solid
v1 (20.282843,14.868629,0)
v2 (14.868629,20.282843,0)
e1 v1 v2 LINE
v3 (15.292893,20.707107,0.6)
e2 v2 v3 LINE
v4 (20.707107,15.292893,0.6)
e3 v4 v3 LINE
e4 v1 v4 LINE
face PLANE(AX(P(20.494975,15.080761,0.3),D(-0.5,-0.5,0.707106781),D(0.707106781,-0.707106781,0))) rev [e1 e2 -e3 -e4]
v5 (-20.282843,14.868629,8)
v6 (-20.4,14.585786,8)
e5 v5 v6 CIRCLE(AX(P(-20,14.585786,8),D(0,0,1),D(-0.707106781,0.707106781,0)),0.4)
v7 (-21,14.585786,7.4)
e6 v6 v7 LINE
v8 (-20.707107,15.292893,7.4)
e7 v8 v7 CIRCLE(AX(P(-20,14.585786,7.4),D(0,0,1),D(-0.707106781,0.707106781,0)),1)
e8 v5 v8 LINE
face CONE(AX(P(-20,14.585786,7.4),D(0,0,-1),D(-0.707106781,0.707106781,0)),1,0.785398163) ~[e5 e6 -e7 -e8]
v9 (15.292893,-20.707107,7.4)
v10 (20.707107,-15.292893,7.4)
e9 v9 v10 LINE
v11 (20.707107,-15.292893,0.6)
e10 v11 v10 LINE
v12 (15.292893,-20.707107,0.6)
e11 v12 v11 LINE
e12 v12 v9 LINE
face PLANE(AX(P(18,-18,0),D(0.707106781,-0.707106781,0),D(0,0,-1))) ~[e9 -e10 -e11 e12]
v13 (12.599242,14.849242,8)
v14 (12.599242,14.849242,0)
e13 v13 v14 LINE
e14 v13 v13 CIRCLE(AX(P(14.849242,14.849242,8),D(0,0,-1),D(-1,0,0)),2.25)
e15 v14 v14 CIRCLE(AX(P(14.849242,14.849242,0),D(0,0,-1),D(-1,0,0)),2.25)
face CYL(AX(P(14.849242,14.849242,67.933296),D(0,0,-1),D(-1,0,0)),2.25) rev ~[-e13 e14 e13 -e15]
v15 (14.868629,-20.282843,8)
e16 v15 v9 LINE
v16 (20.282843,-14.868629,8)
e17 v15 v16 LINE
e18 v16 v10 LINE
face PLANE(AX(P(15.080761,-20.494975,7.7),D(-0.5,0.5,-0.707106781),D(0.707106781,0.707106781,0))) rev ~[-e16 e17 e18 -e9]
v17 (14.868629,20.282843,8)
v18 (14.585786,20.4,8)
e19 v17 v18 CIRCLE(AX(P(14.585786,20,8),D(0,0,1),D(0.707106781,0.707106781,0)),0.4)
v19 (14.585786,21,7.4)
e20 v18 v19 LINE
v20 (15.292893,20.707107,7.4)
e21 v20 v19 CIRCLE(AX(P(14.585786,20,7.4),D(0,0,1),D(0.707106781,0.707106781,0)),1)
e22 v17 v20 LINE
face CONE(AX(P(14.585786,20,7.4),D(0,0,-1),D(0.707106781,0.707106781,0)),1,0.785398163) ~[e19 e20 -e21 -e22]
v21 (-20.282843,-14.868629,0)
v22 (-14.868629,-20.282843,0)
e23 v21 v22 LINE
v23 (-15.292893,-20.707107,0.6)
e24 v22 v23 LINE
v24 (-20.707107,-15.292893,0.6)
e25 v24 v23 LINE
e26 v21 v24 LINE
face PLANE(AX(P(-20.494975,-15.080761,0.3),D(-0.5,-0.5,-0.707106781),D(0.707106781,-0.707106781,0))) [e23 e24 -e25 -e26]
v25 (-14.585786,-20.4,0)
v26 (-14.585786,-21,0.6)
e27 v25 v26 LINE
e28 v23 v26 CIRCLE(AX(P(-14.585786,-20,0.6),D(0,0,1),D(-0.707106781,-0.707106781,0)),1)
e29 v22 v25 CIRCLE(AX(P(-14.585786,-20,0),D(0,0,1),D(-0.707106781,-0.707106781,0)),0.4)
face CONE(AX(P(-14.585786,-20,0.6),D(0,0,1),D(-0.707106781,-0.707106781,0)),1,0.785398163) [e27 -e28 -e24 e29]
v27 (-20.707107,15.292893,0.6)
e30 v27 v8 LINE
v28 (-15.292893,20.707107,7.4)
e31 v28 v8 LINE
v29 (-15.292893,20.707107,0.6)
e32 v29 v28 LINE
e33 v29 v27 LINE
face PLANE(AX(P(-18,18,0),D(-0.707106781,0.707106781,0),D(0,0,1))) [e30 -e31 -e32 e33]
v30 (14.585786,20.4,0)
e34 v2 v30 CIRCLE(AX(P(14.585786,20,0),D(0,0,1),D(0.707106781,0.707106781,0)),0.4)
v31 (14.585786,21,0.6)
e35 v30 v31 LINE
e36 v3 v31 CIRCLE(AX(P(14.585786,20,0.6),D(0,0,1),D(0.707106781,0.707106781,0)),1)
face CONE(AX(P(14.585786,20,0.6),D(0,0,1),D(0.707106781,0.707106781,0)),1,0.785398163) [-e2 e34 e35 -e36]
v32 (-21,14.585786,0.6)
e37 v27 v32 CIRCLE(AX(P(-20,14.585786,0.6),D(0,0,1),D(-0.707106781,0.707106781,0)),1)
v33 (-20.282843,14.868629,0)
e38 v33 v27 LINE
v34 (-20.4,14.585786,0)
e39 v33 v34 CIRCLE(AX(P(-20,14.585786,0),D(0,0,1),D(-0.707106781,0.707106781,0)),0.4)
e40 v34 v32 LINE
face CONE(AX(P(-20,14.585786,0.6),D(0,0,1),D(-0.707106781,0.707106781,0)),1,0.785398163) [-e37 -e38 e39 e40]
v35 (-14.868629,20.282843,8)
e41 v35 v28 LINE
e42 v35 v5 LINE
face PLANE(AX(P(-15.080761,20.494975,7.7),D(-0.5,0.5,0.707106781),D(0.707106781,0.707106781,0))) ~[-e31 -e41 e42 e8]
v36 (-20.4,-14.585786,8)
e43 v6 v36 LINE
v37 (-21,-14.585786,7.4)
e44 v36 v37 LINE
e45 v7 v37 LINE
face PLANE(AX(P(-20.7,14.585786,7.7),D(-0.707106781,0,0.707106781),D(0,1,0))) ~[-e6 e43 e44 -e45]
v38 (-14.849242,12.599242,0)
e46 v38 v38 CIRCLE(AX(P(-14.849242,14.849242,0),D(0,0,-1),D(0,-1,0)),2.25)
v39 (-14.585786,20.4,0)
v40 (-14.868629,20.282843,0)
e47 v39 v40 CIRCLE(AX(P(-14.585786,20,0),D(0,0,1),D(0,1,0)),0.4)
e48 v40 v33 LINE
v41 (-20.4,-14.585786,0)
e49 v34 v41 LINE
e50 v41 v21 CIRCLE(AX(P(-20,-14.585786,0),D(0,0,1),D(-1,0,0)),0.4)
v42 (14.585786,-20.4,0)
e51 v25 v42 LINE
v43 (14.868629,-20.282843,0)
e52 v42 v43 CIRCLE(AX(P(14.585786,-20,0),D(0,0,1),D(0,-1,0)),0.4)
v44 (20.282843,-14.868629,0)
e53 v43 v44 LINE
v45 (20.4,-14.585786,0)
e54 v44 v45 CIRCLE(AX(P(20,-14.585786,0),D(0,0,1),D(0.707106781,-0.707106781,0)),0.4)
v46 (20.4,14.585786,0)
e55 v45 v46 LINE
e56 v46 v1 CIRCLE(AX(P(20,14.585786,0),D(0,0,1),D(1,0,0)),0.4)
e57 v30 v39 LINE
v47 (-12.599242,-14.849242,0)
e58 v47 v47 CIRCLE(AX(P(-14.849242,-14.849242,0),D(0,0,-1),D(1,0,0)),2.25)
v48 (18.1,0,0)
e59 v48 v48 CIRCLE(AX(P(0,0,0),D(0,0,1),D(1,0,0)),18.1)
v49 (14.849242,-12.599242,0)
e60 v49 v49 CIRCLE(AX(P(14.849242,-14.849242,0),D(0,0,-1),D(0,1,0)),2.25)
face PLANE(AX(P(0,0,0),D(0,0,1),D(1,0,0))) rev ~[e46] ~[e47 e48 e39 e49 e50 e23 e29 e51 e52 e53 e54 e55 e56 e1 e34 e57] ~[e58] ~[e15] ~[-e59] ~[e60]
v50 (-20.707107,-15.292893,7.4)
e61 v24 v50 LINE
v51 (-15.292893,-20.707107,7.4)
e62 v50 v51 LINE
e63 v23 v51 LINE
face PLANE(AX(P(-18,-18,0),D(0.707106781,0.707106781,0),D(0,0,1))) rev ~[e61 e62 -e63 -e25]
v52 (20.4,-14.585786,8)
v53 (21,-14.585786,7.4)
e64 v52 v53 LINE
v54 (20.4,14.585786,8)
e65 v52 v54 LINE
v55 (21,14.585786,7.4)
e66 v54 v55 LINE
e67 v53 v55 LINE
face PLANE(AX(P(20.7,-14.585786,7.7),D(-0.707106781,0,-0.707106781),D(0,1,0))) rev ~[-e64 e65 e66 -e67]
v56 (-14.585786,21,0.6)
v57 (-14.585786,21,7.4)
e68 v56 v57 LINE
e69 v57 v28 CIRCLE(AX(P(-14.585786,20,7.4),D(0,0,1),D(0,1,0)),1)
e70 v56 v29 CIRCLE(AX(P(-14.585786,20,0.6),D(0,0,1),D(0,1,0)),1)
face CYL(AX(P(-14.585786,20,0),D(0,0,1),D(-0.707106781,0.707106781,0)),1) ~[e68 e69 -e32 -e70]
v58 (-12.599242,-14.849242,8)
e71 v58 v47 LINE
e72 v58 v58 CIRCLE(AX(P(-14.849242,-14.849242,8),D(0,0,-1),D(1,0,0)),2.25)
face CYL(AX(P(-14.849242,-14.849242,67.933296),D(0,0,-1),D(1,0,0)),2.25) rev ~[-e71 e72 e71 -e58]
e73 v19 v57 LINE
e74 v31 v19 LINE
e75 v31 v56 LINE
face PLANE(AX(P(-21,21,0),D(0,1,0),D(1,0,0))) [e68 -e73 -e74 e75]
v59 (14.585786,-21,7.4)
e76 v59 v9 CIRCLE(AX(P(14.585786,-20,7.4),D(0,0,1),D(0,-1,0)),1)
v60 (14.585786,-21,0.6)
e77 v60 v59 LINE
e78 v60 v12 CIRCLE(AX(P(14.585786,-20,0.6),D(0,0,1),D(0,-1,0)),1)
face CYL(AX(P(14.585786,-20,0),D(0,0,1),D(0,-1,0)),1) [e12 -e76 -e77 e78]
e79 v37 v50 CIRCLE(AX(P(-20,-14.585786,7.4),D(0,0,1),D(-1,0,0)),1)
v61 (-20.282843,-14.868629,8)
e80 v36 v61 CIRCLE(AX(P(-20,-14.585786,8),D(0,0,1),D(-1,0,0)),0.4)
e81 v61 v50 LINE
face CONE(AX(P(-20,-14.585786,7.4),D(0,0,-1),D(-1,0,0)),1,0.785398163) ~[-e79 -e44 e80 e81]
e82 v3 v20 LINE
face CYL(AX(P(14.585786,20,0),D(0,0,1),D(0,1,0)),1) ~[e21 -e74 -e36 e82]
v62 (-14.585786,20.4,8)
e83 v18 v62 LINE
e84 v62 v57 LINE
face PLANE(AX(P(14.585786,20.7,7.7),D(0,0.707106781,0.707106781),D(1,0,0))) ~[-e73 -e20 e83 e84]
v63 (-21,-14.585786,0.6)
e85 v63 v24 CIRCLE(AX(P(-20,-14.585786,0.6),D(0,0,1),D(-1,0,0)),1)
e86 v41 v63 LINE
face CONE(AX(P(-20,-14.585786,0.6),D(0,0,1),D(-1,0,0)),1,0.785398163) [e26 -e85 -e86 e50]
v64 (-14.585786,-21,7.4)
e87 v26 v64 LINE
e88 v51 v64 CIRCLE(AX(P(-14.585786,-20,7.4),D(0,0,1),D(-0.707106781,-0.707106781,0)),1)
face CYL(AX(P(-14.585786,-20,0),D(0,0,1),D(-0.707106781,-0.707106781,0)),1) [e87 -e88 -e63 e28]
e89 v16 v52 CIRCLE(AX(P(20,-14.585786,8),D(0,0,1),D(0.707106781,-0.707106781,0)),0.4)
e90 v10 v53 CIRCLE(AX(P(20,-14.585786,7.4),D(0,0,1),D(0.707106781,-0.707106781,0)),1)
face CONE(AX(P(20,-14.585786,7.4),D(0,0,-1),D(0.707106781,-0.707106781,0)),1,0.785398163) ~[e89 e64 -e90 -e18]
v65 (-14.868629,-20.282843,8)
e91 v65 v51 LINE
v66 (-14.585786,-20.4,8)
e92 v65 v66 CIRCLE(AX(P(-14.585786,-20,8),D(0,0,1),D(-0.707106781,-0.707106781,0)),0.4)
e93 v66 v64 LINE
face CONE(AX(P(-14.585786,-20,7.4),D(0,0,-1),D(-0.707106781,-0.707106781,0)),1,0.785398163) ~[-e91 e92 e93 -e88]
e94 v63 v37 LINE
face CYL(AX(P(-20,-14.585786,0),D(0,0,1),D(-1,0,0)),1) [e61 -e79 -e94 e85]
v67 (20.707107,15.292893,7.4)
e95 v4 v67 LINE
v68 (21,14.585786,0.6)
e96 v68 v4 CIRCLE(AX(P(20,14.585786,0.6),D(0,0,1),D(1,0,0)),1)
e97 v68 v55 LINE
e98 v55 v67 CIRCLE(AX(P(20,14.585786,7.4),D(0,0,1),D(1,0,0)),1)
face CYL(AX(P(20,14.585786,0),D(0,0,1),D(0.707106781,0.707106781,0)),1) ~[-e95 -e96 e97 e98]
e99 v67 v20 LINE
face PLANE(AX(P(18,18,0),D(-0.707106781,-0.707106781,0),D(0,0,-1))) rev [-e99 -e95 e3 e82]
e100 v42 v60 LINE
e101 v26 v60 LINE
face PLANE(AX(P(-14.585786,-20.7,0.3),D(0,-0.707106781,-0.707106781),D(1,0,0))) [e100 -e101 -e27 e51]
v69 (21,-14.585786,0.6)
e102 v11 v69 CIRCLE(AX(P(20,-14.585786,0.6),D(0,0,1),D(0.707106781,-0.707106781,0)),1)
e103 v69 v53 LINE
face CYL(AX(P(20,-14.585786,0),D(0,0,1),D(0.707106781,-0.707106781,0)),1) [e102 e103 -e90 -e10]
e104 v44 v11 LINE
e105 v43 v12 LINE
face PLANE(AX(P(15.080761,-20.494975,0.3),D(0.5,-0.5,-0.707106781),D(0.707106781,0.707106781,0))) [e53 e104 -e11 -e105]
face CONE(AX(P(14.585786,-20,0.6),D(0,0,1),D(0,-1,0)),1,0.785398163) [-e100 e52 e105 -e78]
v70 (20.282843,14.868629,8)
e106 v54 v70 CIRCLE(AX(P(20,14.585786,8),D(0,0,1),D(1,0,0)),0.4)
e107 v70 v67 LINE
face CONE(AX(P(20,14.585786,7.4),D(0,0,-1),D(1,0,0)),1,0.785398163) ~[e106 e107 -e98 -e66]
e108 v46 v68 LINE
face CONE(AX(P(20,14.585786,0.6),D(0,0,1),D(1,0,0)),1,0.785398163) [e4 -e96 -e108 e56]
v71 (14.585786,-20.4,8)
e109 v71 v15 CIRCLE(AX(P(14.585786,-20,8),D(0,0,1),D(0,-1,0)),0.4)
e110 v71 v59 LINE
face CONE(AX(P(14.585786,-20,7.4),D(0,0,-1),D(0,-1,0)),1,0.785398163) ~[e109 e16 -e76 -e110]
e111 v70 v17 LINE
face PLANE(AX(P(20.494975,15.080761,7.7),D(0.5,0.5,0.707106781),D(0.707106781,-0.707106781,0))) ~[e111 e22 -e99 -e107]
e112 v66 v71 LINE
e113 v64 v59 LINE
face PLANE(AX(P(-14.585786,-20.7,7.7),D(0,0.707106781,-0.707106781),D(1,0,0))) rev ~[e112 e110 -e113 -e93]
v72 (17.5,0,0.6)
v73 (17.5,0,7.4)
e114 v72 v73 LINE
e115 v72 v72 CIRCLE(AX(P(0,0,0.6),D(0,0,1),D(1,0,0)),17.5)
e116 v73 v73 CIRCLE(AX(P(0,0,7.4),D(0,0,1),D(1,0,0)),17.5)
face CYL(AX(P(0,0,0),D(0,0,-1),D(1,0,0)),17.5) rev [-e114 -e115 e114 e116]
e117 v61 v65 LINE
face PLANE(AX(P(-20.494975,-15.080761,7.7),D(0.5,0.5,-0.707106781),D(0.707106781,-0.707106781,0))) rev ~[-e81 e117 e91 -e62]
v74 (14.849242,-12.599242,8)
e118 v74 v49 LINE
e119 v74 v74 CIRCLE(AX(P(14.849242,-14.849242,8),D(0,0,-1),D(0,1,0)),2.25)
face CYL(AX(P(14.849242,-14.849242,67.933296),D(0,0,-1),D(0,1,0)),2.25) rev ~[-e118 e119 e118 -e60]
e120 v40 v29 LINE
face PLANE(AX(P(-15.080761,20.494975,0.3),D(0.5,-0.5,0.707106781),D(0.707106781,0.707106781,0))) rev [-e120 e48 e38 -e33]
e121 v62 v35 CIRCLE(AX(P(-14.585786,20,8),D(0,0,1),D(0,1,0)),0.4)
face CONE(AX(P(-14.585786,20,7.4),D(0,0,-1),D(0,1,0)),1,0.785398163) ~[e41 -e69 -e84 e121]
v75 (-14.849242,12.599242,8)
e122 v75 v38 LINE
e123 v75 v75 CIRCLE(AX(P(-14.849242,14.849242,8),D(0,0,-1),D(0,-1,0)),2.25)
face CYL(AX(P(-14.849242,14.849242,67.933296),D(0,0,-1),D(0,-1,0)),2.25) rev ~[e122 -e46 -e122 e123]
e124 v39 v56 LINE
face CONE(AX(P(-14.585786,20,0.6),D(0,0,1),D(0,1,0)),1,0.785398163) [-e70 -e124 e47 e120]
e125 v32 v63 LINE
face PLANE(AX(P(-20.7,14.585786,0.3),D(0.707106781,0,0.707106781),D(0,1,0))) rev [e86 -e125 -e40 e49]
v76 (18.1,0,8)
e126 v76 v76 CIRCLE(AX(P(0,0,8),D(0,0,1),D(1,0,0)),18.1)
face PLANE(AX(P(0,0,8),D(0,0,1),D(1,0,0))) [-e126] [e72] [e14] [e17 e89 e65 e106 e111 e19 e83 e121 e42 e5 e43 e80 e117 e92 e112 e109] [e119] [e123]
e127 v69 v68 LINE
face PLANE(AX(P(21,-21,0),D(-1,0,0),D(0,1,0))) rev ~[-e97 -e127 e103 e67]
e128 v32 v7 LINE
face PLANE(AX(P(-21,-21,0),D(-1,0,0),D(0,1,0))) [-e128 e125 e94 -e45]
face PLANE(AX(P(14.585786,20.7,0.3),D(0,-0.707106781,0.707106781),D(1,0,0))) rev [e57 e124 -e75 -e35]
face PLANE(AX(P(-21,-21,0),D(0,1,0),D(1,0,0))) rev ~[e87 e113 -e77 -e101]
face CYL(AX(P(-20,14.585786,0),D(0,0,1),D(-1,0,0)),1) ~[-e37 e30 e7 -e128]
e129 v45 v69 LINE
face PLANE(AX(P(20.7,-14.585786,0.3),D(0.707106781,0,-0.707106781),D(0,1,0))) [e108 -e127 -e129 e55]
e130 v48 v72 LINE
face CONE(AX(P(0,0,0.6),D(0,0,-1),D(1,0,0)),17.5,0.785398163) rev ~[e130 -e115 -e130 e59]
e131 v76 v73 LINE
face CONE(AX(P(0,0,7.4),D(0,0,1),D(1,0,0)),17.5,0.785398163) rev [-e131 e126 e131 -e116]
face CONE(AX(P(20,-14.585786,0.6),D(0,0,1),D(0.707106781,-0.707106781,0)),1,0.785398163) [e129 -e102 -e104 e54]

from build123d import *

# Parameters (mm, degrees)
SKETCH1_W            = 42
SKETCH1_H            = 42
SKETCH1_R            = 17.5
BOSS_EXTRUDE1_DEPTH  = 8
M4_CLEARANCE_HOLE1_D = 4.5
CIRPATTERN1_COUNT    = 4
CHAMFER2_SIZE        = 6
FILLET1_R            = 1
CHAMFER1_SIZE        = 0.6


with BuildPart() as part:
    # Sketch1 → Boss-Extrude1 (new body)
    with BuildSketch(Plane.XY):
        Rectangle(SKETCH1_W, SKETCH1_H)
        Circle(SKETCH1_R, mode=Mode.SUBTRACT)
    extrude(amount=BOSS_EXTRUDE1_DEPTH)

    # M4 Clearance Hole1 (through all)
    with Locations(Plane.XY.offset(8)):
        with Locations((14.849242405, 14.849242405)):
            m4_clearance_hole1 = Hole(M4_CLEARANCE_HOLE1_D / 2)

    # CirPattern1: M4 Clearance Hole1 ×4 about axis
    cirpattern1_axis = Axis((0, 0, 0), (0, 0, 1))
    for i in range(1, CIRPATTERN1_COUNT):
        add(m4_clearance_hole1.rotate(cirpattern1_axis, i * 360 / CIRPATTERN1_COUNT), mode=Mode.SUBTRACT)

    # Chamfer2
    chamfer2_edges = [part.edges().sort_by_distance(p)[0] for p in [
        (-21, 21, 4),
        (21, 21, 4),
        (21, -21, 4),
        (-21, -21, 4),
    ]]
    chamfer(chamfer2_edges, length=CHAMFER2_SIZE)

    # Fillet1
    fillet1_edges = [part.edges().sort_by_distance(p)[0] for p in [
        (-21, -15, 4),
        (-21, 15, 4),
        (15, 21, 4),
        (-15, 21, 4),
        (21, -15, 4),
        (21, 15, 4),
        (15, -21, 4),
        (-15, -21, 4),
    ]]
    fillet(fillet1_edges, radius=FILLET1_R)

    # Chamfer1
    chamfer1_edges = [part.edges().sort_by_distance(p)[0] for p in [
        (-17.5, 0, 0),
        (-17.5, 0, 8),
        (21, 0, 0),
        (21, 0, 8),
        (-21, 0, 0),
        (-18, 18, 0),
        (0, 21, 0),
        (18, 18, 0),
        (18, -18, 0),
        (0, -21, 0),
        (-18, -18, 0),
        (20.923879533, 14.96846987, 0),
        (14.96846987, 20.923879533, 0),
        (-14.96846987, 20.923879533, 0),
        (-20.923879533, 14.96846987, 0),
        (-20.923879533, -14.96846987, 0),
        (-14.96846987, -20.923879533, 0),
        (14.96846987, -20.923879533, 0),
        (20.923879533, -14.96846987, 0),
        (18, -18, 8),
        (0, 21, 8),
        (-18, 18, 8),
        (-21, 0, 8),
        (-18, -18, 8),
        (0, -21, 8),
        (18, 18, 8),
        (20.923879533, 14.96846987, 8),
        (14.96846987, 20.923879533, 8),
        (-14.96846987, 20.923879533, 8),
        (-20.923879533, 14.96846987, 8),
        (-20.923879533, -14.96846987, 8),
        (-14.96846987, -20.923879533, 8),
        (14.96846987, -20.923879533, 8),
        (20.923879533, -14.96846987, 8),
    ]]
    chamfer(chamfer1_edges, length=CHAMFER1_SIZE)


solid = part.part
